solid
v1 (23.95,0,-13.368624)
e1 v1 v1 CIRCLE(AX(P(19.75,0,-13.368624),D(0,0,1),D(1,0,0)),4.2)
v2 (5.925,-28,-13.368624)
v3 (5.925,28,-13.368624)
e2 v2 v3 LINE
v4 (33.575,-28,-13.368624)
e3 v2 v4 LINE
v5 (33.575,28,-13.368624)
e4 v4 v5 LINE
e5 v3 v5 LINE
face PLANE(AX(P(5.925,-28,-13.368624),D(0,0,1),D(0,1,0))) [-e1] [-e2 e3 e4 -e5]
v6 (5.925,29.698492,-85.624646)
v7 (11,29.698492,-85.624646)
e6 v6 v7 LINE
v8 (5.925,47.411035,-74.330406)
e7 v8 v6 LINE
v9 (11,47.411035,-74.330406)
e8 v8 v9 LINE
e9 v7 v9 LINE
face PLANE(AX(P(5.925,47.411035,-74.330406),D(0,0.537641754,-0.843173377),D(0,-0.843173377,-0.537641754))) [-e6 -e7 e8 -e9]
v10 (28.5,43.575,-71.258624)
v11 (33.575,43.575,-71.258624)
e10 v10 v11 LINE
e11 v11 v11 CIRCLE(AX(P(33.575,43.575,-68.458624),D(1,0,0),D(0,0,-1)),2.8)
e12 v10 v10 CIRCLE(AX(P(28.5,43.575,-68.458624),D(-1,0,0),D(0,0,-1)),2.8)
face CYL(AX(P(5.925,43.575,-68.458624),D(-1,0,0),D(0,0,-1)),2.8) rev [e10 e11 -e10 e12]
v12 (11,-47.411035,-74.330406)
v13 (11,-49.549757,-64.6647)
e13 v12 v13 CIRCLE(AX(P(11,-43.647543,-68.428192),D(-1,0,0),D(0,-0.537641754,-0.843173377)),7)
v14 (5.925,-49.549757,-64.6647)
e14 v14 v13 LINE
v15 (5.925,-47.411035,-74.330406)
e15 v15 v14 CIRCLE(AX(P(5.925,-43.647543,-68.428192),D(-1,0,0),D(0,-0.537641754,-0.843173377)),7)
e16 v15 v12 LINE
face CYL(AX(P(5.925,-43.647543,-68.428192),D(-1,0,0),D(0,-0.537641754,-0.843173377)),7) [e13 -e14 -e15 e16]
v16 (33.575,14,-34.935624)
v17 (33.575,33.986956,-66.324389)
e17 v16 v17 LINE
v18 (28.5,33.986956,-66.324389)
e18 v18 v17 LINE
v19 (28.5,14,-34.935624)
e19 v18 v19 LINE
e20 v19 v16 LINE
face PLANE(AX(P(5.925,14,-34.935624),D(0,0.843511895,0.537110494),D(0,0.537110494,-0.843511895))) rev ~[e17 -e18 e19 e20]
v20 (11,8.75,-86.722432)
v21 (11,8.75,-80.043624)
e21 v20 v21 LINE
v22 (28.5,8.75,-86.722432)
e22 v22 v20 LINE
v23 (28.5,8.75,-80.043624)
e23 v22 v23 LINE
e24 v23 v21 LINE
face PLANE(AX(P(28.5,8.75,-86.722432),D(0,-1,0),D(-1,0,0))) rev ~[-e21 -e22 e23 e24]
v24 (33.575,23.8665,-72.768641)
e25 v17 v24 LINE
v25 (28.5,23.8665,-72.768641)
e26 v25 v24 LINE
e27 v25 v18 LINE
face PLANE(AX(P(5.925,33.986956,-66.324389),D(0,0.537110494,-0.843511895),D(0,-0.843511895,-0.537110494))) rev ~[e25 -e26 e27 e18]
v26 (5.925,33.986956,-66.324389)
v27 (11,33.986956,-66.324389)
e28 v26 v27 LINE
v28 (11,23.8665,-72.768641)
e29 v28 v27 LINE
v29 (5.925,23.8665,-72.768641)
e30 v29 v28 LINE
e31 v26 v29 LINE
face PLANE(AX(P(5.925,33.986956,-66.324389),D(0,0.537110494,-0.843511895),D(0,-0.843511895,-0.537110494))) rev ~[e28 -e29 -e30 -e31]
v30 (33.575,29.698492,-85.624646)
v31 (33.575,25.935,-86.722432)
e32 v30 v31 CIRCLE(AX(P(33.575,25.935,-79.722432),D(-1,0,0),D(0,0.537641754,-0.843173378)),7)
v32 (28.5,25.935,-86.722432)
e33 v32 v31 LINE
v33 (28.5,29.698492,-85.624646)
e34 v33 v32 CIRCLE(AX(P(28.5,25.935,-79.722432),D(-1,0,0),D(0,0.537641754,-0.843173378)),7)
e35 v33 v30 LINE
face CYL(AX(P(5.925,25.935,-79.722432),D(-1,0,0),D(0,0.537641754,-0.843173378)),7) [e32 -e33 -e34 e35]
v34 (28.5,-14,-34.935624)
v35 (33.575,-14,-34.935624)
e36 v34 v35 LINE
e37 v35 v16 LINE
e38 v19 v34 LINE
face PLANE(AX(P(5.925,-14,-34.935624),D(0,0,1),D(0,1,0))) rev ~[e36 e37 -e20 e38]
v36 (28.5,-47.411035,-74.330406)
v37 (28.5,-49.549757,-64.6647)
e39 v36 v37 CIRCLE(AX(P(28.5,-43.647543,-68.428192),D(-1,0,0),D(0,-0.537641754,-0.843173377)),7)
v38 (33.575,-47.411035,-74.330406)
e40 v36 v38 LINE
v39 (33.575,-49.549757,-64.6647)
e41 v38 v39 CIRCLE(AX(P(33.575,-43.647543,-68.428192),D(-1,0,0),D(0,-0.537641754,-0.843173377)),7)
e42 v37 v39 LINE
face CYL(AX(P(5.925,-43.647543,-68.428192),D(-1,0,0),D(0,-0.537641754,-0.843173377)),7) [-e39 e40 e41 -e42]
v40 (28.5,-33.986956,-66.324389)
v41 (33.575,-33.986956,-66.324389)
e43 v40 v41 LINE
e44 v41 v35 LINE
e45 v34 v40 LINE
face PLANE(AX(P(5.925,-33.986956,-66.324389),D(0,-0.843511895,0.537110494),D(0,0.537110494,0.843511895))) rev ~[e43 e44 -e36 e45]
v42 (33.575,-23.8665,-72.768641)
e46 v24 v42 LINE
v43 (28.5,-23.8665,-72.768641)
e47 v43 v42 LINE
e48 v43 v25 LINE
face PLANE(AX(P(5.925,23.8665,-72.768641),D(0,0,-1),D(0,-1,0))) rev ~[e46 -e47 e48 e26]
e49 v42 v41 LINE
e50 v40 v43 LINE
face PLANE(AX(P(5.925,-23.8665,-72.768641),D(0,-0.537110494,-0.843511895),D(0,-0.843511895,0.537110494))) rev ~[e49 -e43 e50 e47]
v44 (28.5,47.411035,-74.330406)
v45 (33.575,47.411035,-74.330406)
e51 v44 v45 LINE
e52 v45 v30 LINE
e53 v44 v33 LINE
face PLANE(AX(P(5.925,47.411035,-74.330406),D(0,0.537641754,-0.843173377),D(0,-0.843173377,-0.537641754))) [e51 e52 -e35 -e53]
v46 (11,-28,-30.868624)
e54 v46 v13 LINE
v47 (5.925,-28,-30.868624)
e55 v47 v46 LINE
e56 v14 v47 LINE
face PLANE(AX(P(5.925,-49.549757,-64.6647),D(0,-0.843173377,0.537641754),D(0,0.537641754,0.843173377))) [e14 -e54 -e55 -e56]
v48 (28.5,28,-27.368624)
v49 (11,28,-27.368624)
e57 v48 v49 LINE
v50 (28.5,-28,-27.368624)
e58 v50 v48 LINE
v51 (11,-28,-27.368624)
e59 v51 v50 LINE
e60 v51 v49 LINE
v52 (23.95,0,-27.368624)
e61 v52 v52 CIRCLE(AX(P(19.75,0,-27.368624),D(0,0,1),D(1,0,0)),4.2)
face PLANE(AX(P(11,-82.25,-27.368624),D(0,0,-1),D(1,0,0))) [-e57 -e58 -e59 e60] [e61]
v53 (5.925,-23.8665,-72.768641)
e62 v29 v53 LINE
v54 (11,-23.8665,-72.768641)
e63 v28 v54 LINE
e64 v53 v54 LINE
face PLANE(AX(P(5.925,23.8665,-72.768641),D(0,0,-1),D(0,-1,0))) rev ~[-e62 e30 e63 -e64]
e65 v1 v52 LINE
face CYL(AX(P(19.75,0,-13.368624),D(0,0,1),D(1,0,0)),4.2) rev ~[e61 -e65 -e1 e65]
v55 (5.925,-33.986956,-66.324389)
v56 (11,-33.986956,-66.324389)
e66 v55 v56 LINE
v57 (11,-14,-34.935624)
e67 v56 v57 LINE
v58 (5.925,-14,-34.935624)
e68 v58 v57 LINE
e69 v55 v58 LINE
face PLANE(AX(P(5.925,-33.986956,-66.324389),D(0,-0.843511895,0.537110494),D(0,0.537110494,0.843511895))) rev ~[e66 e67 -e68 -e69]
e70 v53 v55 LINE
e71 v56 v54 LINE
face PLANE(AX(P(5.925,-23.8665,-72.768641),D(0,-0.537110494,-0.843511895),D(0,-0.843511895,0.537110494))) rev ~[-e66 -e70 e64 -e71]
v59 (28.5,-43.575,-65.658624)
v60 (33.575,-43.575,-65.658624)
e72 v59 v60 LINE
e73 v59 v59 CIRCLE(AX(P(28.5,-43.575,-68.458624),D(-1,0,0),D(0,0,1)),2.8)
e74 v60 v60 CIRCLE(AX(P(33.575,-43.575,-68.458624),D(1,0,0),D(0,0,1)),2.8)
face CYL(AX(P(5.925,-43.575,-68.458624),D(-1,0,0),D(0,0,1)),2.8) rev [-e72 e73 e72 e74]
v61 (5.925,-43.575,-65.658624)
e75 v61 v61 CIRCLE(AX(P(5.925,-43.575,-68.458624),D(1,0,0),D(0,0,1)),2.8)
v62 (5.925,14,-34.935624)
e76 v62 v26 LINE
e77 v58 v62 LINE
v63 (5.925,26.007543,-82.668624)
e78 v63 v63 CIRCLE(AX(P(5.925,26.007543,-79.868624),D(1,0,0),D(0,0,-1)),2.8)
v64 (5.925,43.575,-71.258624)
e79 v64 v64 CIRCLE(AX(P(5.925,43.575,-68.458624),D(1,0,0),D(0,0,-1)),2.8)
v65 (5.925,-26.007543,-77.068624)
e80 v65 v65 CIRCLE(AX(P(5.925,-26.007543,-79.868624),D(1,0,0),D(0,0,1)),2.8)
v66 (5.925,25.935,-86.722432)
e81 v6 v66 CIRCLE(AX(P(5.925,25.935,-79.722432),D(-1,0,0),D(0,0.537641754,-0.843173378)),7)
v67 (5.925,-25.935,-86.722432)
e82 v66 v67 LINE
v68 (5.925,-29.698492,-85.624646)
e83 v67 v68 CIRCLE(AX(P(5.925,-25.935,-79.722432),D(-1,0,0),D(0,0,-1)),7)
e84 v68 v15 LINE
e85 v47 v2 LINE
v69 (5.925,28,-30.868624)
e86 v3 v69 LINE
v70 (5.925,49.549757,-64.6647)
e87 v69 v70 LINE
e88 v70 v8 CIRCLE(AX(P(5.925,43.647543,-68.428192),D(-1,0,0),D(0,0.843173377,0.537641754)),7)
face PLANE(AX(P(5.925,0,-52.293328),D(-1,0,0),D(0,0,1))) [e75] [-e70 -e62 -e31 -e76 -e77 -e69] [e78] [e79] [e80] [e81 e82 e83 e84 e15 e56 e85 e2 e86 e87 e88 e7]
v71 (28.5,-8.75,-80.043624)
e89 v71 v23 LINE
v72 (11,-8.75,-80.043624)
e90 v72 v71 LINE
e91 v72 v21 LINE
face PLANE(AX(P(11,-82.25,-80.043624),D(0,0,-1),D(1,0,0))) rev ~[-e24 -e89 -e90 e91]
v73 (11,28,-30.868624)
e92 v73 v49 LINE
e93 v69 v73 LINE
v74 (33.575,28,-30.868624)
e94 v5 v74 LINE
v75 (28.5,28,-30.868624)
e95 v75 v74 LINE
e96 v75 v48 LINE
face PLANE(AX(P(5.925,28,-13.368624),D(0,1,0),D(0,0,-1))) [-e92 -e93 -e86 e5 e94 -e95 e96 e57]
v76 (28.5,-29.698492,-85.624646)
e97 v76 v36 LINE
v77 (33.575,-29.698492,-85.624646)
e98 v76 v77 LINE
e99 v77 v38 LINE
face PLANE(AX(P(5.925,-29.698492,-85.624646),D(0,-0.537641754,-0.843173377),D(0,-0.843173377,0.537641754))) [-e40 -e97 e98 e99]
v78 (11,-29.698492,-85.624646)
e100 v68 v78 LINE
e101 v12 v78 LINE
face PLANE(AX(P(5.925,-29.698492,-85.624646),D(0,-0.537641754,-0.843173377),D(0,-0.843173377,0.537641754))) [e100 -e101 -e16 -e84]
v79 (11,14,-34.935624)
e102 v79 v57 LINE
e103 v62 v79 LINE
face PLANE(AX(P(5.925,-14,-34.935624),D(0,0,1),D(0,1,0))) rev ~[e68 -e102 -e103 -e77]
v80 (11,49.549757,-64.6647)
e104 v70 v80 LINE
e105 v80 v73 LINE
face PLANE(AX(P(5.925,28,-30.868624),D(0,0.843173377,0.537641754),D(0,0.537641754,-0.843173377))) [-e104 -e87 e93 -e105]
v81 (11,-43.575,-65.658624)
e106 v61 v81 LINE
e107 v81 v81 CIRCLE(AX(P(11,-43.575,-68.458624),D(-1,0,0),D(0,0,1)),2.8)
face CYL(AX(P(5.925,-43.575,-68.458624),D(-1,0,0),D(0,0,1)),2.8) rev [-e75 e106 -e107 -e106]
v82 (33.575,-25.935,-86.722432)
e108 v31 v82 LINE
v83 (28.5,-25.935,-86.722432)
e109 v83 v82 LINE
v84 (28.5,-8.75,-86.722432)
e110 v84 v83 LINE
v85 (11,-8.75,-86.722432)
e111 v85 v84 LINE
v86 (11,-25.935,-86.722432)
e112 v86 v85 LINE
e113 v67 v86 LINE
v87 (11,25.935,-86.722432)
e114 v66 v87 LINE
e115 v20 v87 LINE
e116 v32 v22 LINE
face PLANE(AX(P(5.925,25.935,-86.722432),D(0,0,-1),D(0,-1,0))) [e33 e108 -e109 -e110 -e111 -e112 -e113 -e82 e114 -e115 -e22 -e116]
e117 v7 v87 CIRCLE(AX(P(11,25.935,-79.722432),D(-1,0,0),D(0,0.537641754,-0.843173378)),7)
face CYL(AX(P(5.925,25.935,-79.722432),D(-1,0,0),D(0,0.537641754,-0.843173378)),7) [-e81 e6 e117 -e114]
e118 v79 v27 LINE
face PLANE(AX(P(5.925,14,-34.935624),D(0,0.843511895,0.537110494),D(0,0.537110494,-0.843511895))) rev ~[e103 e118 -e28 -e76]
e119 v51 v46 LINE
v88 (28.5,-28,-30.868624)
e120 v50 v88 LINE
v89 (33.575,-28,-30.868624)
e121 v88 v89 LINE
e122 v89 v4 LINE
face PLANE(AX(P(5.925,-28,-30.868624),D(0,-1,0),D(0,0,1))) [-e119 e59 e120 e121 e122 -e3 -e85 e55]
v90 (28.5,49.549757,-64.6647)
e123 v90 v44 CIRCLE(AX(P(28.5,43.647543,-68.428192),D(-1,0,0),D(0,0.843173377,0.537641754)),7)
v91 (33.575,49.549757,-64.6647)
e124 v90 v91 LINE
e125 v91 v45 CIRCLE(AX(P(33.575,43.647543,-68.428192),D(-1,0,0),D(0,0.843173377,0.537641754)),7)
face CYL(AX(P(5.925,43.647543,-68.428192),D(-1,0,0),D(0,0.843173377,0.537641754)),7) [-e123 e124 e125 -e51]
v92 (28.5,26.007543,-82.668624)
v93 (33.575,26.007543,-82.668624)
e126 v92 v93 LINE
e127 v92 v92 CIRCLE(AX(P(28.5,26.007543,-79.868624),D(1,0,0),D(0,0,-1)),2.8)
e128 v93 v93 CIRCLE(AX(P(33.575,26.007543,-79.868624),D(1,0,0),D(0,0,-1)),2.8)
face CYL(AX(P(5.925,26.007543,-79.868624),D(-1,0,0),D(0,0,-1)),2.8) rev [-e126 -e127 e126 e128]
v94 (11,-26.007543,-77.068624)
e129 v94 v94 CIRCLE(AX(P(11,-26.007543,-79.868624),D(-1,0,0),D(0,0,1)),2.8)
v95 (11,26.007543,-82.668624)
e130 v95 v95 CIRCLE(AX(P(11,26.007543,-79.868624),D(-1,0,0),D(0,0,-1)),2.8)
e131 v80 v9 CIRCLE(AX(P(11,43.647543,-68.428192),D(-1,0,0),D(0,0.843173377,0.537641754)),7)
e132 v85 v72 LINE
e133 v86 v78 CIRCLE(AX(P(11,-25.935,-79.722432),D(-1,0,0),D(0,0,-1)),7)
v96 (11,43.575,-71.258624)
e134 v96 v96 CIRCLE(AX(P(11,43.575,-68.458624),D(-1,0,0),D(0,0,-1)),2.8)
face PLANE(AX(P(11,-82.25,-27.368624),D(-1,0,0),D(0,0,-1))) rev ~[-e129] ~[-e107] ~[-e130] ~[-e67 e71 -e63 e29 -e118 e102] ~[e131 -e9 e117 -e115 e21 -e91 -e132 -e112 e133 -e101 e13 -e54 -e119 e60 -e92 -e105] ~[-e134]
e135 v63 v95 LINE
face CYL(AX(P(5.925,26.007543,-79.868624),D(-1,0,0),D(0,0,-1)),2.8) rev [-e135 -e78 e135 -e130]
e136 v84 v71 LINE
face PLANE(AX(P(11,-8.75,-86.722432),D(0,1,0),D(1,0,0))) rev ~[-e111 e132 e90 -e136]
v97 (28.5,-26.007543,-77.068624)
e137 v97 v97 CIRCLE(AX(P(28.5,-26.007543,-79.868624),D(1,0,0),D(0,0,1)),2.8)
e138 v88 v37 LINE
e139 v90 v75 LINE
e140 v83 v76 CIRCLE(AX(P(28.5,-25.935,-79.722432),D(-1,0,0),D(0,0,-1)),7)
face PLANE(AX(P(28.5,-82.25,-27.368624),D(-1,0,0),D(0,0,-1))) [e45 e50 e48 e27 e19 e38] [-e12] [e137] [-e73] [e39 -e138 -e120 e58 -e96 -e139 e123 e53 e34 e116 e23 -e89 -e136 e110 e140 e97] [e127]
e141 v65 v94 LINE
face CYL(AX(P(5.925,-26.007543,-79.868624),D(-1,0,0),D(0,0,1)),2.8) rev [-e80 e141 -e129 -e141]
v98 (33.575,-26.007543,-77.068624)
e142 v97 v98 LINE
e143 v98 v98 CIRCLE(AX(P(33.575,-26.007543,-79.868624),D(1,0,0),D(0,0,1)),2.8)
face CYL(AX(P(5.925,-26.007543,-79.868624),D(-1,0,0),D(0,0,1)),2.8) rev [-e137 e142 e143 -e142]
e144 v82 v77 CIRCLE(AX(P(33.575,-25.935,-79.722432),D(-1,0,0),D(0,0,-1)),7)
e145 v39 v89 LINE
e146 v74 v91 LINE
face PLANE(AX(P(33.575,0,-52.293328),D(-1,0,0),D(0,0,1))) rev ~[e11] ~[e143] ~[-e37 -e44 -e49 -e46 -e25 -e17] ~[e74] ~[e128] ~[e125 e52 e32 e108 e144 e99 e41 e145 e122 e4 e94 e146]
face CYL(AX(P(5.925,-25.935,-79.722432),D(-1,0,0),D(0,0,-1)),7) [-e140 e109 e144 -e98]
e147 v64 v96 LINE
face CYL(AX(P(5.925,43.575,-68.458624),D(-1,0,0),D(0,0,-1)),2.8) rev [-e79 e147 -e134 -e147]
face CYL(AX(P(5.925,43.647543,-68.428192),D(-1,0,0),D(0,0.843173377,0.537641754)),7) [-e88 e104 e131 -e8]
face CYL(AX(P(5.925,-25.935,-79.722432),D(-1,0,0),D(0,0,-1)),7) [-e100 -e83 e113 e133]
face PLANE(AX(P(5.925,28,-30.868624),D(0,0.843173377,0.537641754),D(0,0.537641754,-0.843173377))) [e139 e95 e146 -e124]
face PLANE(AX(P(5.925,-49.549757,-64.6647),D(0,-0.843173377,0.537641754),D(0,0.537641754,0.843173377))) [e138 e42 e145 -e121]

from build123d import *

# Parameters (mm, degrees)
SKETCH1_R               = 4
BOSS_EXTRUDE1_DEPTH     = 39.5
CUT_EXTRUDE1_DEPTH      = 105.5
CUT_EXTRUDE1_DEPTH_BACK = 117.5
SKETCH2_W               = 25
SKETCH2_H               = 75.25
CUT_EXTRUDE2_DEPTH      = 43.5
SKETCH4_R               = 6
CUT_EXTRUDE3_DEPTH      = 41
SCALE1_SCALE            = 0.7


with BuildPart() as part:
    # Sketch1 → Boss-Extrude1 (new body)
    with BuildSketch(Plane(origin=(0, 0, 0), x_dir=(0, 0, -1), z_dir=(1, 0, 0))):
        with BuildLine():
            Line((0, -40), (0, 40))
            Line((0, 40), (25, 40))
            Line((25, 40), (73.280107592, 70.785366831))
            ThreePointArc((73.280107592, 70.785366831), (80.81695996, 72.117470486), (87.088258906, 67.730050596))
            Line((87.088258906, 67.730050596), (103.222887942, 42.426417539))
            ThreePointArc((103.222887942, 42.426417539), (104.391084837, 39.850237691), (104.791154167, 37.05))
            Line((104.791154167, 37.05), (104.791154167, -37.05))
            ThreePointArc((104.791154167, -37.05), (104.391084837, -39.850237691), (103.222887942, -42.426417539))
            Line((103.222887942, -42.426417539), (87.088258906, -67.730050596))
            ThreePointArc((87.088258906, -67.730050596), (80.81695996, -72.117470486), (73.280107592, -70.785366831))
            Line((73.280107592, -70.785366831), (25, -40))
            Line((25, -40), (0, -40))
        make_face()
        with Locations((78.7, 62.25)):
            Circle(SKETCH1_R, mode=Mode.SUBTRACT)
        with Locations((95, 37.153633057)):
            Circle(SKETCH1_R, mode=Mode.SUBTRACT)
        with Locations(Location((95, -37.153633057, 0), (0, 0, 180))):
            Circle(SKETCH1_R, mode=Mode.SUBTRACT)
        with Locations(Location((78.7, -62.25, 0), (0, 0, 180))):
            Circle(SKETCH1_R, mode=Mode.SUBTRACT)
        Polygon((30.81, -20), (30.81, 20), (75.651092334, 48.552793879), (84.857166207, 34.095), (84.857166207, -34.095), (75.651092334, -48.552793879), align=None, mode=Mode.SUBTRACT)
    extrude(amount=BOSS_EXTRUDE1_DEPTH)

    # Sketch2 → Cut-Extrude1 (cut, two sides: drawn at the far end of the back side and taken through both)
    with BuildSketch(Plane(origin=(0, 0, 0), x_dir=(1, 0, 0), z_dir=(0, 1, 0)).offset(-CUT_EXTRUDE1_DEPTH_BACK)):
        with Locations((19.75, 57.625)):
            Rectangle(SKETCH2_W, SKETCH2_H)
    extrude(amount=CUT_EXTRUDE1_DEPTH + CUT_EXTRUDE1_DEPTH_BACK, mode=Mode.SUBTRACT)

    # Sketch3 → Cut-Extrude2 (cut)
    with BuildSketch(Plane(origin=(0, 0, -104.791154167), x_dir=(-1, 0, 0), z_dir=(0, 0, -1))):
        Polygon((-7.25, -37.05), (-7.25, -12.5), (-32.25, -12.5), (-32.25, -37.05), (-32.25, -54.930146657), (-7.25, -54.930146657), align=None)
        Polygon((-32.25, 37.05), (-32.25, 12.5), (-7.25, 12.5), (-7.25, 37.05), (-7.25, 54.930146657), (-32.25, 54.930146657), align=None)
    extrude(amount=-CUT_EXTRUDE2_DEPTH, mode=Mode.SUBTRACT)

    # Sketch4 → Cut-Extrude3 (cut)
    with BuildSketch(Plane.XY):
        with Locations((19.75, 0)):
            Circle(SKETCH4_R)
    extrude(amount=-CUT_EXTRUDE3_DEPTH, mode=Mode.SUBTRACT)


with BuildPart() as part_1:
    # Scale1: scaled about (19.75, 0, -44.562080974)
    add(part.part.scale(SCALE1_SCALE).moved(Location((5.925, 0, -13.368624292))))


solid = part_1.part
